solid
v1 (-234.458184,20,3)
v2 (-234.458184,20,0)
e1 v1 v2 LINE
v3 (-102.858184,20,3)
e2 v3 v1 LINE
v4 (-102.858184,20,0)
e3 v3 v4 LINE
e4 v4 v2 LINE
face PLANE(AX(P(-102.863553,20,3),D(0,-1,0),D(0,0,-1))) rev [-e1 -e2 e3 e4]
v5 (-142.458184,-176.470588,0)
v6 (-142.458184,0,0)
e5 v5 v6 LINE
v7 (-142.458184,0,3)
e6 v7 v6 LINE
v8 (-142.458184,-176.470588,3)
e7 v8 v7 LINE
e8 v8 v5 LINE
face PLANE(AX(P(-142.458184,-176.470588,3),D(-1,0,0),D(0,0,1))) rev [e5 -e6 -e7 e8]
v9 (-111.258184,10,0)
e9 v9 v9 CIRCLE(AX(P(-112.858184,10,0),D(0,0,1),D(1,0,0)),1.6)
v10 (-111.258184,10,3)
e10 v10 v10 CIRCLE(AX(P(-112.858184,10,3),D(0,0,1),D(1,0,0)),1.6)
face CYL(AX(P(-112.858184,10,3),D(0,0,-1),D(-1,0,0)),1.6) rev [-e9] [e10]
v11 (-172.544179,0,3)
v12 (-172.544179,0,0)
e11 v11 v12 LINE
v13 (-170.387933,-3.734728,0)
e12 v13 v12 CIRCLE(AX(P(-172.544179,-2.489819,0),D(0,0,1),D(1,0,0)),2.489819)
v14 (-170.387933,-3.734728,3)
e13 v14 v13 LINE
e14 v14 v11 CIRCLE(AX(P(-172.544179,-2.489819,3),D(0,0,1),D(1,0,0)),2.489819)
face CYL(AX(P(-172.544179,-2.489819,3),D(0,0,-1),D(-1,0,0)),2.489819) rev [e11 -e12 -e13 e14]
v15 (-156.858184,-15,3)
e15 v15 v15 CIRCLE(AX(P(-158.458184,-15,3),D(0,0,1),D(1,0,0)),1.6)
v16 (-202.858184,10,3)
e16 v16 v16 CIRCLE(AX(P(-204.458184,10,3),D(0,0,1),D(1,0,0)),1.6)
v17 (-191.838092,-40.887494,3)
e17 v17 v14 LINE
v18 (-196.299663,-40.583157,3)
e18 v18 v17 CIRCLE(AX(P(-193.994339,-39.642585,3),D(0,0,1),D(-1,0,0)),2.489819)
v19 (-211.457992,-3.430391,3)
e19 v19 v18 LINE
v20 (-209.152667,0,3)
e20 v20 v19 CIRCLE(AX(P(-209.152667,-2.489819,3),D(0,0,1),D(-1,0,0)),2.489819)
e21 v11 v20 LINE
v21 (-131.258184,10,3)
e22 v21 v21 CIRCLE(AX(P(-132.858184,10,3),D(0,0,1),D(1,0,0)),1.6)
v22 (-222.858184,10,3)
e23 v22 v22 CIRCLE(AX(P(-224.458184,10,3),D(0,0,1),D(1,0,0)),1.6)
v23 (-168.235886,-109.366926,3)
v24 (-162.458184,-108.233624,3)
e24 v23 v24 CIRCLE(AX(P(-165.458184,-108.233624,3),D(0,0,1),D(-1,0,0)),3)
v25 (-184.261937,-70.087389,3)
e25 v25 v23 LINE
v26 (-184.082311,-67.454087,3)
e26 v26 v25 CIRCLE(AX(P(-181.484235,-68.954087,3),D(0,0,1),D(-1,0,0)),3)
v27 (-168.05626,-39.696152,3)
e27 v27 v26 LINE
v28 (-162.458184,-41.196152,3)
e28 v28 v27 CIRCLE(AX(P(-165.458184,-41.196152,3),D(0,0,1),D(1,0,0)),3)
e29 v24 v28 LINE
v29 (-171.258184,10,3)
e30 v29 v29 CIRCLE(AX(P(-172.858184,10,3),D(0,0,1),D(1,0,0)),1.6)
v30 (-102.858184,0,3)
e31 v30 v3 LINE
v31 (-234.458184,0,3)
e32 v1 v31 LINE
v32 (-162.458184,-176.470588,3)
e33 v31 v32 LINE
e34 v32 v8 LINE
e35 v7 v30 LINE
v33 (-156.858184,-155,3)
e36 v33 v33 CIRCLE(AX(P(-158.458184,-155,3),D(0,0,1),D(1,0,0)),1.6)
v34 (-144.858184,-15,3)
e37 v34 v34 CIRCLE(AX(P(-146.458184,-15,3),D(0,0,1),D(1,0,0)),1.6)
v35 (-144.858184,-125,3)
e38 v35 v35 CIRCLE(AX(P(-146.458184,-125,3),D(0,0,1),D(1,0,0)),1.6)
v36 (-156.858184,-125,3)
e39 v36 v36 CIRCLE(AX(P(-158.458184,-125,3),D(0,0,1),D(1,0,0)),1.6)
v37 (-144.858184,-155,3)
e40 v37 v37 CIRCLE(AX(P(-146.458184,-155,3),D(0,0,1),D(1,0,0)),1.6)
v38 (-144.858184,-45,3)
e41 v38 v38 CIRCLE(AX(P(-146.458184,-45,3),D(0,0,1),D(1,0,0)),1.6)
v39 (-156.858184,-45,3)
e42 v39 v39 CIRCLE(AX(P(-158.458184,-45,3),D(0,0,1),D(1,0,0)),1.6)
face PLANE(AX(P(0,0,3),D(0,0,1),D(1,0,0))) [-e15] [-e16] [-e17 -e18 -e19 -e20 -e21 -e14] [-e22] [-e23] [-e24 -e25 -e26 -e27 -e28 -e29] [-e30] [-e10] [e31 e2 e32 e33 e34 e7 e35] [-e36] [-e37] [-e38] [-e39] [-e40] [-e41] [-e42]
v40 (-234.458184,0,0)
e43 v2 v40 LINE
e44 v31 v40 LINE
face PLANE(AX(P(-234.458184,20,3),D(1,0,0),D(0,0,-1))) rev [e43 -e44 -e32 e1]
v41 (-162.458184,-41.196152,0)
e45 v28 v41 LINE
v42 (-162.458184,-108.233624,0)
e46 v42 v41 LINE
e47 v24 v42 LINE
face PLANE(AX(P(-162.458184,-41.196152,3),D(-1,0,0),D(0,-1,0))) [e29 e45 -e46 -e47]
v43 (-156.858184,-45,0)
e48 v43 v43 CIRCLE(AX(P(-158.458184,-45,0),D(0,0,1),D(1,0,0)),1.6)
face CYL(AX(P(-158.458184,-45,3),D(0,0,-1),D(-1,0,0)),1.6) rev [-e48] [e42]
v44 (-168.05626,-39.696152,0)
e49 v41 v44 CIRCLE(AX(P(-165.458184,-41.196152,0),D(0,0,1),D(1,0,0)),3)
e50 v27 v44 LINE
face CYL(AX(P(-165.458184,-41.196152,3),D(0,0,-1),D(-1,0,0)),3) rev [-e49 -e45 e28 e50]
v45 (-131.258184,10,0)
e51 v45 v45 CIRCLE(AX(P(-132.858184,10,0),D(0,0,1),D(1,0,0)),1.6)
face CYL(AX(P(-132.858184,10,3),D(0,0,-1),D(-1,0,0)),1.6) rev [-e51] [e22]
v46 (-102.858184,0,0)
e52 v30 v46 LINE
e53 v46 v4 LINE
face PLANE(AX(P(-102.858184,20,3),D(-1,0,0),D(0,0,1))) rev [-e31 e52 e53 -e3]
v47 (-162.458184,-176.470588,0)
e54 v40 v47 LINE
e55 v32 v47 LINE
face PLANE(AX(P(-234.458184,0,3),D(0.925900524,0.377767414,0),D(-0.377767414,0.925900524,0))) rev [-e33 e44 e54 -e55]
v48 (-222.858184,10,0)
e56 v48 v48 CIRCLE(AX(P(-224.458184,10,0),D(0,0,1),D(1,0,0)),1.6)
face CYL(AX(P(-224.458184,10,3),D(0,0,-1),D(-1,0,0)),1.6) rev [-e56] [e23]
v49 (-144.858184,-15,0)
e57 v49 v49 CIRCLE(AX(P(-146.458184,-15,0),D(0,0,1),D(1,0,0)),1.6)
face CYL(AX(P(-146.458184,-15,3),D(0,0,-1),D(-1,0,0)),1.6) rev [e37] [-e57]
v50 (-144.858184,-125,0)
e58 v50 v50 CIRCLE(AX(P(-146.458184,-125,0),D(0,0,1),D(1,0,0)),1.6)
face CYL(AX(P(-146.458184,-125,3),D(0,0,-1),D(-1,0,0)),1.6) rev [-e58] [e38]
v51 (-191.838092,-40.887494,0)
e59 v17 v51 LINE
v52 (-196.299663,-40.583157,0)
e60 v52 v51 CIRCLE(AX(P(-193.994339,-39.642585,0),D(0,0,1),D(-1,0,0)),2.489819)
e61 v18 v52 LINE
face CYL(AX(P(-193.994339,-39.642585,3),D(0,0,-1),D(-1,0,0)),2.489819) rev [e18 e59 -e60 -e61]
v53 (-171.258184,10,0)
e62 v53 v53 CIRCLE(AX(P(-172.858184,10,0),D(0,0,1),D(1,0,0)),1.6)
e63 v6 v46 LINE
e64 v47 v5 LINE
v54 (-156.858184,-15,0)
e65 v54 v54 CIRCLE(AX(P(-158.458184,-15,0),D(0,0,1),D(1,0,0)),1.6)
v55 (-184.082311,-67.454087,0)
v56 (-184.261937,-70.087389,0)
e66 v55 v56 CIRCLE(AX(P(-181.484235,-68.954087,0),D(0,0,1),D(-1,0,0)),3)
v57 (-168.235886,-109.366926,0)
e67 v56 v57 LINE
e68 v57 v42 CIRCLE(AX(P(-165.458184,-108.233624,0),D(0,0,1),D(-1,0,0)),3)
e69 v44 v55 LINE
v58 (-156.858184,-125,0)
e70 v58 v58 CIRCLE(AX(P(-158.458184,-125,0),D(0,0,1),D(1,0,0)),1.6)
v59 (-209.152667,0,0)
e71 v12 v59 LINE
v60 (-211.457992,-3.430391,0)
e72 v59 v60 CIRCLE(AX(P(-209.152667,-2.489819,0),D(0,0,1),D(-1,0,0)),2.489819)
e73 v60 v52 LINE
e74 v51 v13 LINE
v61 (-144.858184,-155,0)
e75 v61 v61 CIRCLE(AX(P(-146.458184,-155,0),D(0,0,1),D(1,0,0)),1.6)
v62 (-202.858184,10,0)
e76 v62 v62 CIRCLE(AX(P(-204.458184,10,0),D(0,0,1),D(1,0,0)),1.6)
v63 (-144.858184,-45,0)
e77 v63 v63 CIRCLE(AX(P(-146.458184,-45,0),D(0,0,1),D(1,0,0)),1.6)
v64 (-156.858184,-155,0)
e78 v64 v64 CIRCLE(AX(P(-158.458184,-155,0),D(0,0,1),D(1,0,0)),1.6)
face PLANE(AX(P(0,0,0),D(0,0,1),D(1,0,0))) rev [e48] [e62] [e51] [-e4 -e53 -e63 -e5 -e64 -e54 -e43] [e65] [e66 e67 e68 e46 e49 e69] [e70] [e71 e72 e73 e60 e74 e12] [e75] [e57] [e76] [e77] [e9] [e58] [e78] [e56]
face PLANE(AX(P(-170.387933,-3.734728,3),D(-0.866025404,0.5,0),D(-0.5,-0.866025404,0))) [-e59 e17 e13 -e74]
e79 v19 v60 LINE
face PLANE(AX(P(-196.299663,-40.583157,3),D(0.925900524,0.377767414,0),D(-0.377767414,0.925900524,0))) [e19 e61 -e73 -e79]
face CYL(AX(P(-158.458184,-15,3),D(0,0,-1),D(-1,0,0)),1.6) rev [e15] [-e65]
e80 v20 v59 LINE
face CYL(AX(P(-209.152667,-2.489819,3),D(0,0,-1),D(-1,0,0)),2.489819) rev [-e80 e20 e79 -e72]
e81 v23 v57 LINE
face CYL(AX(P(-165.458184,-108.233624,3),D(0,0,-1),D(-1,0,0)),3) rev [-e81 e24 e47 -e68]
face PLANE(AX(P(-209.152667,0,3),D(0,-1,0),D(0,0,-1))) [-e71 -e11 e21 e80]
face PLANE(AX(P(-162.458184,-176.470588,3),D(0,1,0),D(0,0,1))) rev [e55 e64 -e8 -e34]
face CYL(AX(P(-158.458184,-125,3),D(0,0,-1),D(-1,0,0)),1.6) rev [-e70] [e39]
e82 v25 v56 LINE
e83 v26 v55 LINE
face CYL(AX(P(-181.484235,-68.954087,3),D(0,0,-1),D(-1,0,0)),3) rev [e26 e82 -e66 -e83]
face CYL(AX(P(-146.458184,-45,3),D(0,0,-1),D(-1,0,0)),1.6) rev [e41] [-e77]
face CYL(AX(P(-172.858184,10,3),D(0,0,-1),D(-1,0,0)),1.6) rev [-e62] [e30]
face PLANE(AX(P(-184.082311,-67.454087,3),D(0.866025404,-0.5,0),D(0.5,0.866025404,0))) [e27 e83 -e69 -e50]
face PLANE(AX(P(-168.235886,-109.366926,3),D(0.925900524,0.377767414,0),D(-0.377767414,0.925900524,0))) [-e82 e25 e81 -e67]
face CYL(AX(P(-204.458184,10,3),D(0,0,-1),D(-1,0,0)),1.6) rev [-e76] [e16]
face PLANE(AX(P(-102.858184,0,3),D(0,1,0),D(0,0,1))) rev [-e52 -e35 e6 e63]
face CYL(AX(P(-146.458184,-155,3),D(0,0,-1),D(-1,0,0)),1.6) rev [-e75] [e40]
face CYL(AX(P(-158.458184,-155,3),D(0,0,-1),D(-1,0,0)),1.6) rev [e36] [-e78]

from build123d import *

# Parameters (mm, degrees)
SKETCH1_R      = 1.6
EXTRUDE1_DEPTH = 3


with BuildPart() as part:
    # Sketch1 → Extrude1 (new body)
    with BuildSketch(Plane.XY):
        Polygon((-234.458183995, 0), (-162.458183995, -176.470588235), (-142.458183995, -176.470588235), (-142.458183995, 0), (-102.858183995, 0), (-102.858183995, 20), (-102.863553327, 20), (-234.458183995, 20), align=None)
        with Locations((-112.858183995, 10)):
            Circle(SKETCH1_R, mode=Mode.SUBTRACT)
        with Locations((-132.858183995, 10)):
            Circle(SKETCH1_R, mode=Mode.SUBTRACT)
        with Locations((-172.858183995, 10)):
            Circle(SKETCH1_R, mode=Mode.SUBTRACT)
        with Locations((-146.458183995, -45)):
            Circle(SKETCH1_R, mode=Mode.SUBTRACT)
        with Locations((-158.458183995, -45)):
            Circle(SKETCH1_R, mode=Mode.SUBTRACT)
        with Locations((-146.458183995, -15)):
            Circle(SKETCH1_R, mode=Mode.SUBTRACT)
        with Locations((-158.458183995, -15)):
            Circle(SKETCH1_R, mode=Mode.SUBTRACT)
        with Locations((-224.458183995, 10)):
            Circle(SKETCH1_R, mode=Mode.SUBTRACT)
        with Locations((-204.458183995, 10)):
            Circle(SKETCH1_R, mode=Mode.SUBTRACT)
        with Locations((-158.458183995, -125)):
            Circle(SKETCH1_R, mode=Mode.SUBTRACT)
        with Locations((-146.458183995, -125)):
            Circle(SKETCH1_R, mode=Mode.SUBTRACT)
        with Locations((-158.458183995, -155)):
            Circle(SKETCH1_R, mode=Mode.SUBTRACT)
        with Locations((-146.458183995, -155)):
            Circle(SKETCH1_R, mode=Mode.SUBTRACT)
        with BuildLine():
            Line((-209.152667208, 0), (-172.544179417, 0))
            ThreePointArc((-172.544179417, 0), (-170.387933052, -1.244909419), (-170.387933052, -3.734728258))
            Line((-170.387933052, -3.734728258), (-191.838092393, -40.887494067))
            ThreePointArc((-191.838092393, -40.887494067), (-194.163782936, -42.126631048), (-196.299663326, -40.583157071))
            Line((-196.299663326, -40.583157071), (-211.457991776, -3.430391262))
            ThreePointArc((-211.457991776, -3.430391262), (-211.219192406, -1.101052676), (-209.152667208, 0))
        make_face(mode=Mode.SUBTRACT)
        with BuildLine():
            Line((-162.458183995, -41.196152423), (-162.458183995, -108.233623843))
            ThreePointArc((-162.458183995, -108.233623843), (-164.880734742, -111.177524717), (-168.235885568, -109.366926085))
            Line((-168.235885568, -109.366926085), (-184.261936587, -70.087389274))
            ThreePointArc((-184.261936587, -70.087389274), (-184.477279763, -68.749922566), (-184.082311226, -67.454087032))
            Line((-184.082311226, -67.454087032), (-168.056260207, -39.696152423))
            ThreePointArc((-168.056260207, -39.696152423), (-164.68172686, -38.298374944), (-162.458183995, -41.196152423))
        make_face(mode=Mode.SUBTRACT)
    extrude(amount=EXTRUDE1_DEPTH)


solid = part.part
